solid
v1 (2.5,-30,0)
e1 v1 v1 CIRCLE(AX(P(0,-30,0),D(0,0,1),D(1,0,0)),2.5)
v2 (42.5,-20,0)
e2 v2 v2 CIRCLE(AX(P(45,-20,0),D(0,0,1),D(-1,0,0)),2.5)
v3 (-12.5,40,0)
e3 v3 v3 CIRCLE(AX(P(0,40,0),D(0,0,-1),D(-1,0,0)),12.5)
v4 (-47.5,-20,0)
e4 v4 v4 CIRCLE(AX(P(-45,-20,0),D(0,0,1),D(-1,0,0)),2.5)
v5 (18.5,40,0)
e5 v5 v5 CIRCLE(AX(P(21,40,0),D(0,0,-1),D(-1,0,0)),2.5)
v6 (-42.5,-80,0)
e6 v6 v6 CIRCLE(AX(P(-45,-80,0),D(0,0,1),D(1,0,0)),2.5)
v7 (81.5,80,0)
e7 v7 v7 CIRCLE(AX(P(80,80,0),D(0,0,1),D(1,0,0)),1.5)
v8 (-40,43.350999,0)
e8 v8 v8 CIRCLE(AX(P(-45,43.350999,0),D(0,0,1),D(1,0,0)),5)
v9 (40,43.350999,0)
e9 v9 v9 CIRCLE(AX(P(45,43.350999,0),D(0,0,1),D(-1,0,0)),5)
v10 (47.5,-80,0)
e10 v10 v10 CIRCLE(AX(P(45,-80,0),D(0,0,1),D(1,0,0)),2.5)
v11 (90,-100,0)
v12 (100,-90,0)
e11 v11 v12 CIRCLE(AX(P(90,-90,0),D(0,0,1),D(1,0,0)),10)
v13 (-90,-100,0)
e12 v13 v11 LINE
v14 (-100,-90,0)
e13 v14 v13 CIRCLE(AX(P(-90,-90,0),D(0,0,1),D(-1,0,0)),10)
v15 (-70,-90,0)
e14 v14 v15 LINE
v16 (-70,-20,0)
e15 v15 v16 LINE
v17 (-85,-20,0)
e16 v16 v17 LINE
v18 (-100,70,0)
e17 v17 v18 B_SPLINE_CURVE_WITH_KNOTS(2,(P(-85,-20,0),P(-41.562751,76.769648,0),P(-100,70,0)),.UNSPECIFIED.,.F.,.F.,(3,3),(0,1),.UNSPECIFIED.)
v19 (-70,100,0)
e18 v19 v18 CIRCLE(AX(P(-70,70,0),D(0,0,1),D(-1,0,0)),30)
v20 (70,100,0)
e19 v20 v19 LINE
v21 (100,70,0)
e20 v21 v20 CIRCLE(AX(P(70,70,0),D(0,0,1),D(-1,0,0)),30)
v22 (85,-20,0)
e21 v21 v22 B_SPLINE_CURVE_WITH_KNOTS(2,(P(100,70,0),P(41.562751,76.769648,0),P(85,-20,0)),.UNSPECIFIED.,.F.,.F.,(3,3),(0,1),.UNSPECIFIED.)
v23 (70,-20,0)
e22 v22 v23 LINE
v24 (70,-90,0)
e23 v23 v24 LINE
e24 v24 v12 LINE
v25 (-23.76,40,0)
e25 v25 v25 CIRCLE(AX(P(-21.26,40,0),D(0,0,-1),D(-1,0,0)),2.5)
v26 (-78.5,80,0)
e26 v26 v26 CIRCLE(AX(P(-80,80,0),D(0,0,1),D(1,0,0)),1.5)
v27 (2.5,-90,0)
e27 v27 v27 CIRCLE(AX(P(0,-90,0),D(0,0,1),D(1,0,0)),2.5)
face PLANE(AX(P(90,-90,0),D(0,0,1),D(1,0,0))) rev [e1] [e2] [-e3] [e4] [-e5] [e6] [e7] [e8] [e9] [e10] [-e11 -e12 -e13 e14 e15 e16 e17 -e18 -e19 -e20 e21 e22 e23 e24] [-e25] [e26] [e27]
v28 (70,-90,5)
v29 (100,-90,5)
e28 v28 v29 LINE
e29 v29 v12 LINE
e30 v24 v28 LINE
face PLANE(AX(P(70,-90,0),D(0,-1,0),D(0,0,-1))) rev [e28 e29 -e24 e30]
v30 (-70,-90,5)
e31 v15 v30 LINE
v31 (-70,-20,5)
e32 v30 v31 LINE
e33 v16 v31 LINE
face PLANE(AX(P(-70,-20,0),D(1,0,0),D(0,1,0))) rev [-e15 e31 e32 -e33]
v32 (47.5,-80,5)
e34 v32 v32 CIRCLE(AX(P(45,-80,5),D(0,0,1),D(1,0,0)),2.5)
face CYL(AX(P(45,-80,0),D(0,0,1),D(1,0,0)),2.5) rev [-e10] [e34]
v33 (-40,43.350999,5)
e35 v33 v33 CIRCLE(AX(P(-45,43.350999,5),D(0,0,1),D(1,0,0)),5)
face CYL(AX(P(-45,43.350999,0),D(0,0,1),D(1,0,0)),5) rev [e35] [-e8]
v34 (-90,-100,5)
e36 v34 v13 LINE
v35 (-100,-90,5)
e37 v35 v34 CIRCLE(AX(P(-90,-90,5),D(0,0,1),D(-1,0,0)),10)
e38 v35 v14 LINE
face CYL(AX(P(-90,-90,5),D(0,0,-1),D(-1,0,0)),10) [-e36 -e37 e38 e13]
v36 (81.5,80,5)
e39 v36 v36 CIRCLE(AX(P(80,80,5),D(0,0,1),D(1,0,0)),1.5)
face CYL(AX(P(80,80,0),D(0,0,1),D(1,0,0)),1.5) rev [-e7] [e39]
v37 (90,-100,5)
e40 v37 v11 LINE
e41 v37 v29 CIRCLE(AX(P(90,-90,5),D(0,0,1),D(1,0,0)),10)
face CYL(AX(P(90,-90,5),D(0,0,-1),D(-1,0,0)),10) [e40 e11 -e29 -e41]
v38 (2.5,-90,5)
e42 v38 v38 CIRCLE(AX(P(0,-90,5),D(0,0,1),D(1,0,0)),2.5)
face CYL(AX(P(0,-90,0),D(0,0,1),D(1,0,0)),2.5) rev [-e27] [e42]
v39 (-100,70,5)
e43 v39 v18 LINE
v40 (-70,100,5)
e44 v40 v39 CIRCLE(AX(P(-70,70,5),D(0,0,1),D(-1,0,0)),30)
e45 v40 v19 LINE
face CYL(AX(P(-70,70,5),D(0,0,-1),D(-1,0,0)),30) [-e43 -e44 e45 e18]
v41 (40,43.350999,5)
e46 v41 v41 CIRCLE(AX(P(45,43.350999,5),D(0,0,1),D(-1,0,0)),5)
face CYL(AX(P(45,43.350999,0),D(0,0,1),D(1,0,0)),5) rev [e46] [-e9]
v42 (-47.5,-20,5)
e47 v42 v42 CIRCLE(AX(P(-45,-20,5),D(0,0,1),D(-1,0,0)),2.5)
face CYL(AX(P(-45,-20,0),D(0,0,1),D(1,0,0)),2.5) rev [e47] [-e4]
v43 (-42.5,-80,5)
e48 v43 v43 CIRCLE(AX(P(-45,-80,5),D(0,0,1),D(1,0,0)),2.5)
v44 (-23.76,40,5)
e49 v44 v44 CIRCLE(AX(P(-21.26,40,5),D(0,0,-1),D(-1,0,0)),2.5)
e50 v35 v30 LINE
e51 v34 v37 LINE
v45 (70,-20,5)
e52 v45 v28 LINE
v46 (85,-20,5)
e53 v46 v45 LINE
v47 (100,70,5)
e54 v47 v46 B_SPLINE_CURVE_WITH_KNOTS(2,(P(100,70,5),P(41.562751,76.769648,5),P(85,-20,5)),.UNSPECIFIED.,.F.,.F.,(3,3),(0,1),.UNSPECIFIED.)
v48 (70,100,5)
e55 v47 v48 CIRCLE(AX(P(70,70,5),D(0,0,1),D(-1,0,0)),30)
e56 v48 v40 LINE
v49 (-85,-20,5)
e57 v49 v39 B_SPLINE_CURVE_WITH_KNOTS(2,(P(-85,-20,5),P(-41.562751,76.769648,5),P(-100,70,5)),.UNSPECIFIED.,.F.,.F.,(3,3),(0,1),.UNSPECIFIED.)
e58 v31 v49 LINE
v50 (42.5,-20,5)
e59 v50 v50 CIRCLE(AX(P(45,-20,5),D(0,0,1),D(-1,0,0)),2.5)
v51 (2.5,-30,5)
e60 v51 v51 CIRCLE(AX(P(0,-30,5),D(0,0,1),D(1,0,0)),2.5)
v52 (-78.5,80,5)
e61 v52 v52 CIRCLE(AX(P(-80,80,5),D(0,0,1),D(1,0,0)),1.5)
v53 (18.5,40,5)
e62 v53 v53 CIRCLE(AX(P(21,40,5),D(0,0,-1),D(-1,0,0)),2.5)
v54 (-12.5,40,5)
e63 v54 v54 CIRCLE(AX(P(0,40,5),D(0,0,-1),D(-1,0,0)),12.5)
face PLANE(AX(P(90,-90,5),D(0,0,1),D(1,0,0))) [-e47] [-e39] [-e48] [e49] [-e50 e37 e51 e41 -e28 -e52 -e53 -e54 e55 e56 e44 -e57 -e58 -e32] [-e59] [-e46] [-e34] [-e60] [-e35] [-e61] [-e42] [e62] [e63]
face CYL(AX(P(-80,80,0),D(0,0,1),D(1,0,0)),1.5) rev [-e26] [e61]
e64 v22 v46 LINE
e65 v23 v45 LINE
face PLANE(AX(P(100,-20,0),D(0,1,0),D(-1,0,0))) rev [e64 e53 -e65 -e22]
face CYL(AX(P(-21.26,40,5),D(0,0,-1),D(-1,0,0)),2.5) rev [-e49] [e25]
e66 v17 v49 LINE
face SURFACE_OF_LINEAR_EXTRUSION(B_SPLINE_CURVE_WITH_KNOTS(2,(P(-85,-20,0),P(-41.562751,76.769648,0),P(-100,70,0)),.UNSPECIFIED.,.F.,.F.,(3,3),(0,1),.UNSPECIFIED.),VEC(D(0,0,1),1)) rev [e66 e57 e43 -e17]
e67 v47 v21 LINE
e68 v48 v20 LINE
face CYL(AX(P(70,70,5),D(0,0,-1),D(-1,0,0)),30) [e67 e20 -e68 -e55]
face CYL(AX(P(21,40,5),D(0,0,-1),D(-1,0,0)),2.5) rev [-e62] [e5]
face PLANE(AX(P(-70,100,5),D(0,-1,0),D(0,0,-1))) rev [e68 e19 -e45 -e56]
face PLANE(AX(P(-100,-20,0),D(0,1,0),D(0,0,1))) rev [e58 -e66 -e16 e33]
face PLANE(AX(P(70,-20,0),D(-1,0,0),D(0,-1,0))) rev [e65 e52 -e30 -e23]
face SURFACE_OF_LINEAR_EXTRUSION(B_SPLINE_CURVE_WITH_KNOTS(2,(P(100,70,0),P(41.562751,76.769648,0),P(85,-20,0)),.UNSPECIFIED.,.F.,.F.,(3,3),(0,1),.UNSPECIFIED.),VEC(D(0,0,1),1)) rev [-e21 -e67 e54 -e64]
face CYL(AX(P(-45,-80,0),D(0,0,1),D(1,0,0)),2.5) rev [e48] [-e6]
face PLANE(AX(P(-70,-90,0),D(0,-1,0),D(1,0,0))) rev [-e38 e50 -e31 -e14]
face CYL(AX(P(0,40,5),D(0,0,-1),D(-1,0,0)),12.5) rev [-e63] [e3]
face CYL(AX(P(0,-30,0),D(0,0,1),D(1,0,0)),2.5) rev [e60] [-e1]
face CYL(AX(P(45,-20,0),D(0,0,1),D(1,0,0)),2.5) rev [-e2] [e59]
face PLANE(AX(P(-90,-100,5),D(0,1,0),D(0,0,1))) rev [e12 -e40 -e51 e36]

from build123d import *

# Parameters (mm, degrees)
BOSS_EXTRUDE1_DEPTH = 5
SKETCH2_W           = 30
SKETCH2_H           = 70
CUT_EXTRUDE1_DEPTH  = 5
CUT_EXTRUDE2_DEPTH  = 5
SKETCH5_R           = 2.5
SKETCH5_R_2         = 5
CUT_EXTRUDE3_DEPTH  = 5
SKETCH6_R           = 2.5
CUT_EXTRUDE4_DEPTH  = 5
SKETCH7_R           = 12.5
SKETCH7_R_2         = 2.5
CUT_EXTRUDE5_DEPTH  = 5
SKETCH8_R           = 1.5
CUT_EXTRUDE6_DEPTH  = 5


with BuildPart() as part:
    # Sketch1 → Boss-Extrude1 (new body)
    with BuildSketch(Plane.XY):
        with BuildLine():
            Line((-90, -100), (90, -100))
            ThreePointArc((90, -100), (97.071067812, -97.071067812), (100, -90))
            Line((100, -90), (100, 70))
            ThreePointArc((100, 70), (91.213203436, 91.213203436), (70, 100))
            Line((70, 100), (-70, 100))
            ThreePointArc((-70, 100), (-91.213203436, 91.213203436), (-100, 70))
            Line((-100, 70), (-100, -90))
            ThreePointArc((-100, -90), (-97.071067812, -97.071067812), (-90, -100))
        make_face()
    extrude(amount=BOSS_EXTRUDE1_DEPTH)

    # Sketch2 → Cut-Extrude1 (cut)
    with BuildSketch(Plane.XY.offset(5)):
        with Locations((85, -55)):
            Rectangle(SKETCH2_W, SKETCH2_H)
        with Locations((-85, -55)):
            Rectangle(SKETCH2_W, SKETCH2_H)
    extrude(amount=-CUT_EXTRUDE1_DEPTH, mode=Mode.SUBTRACT)

    # Sketch3 → Cut-Extrude2 (cut)
    with BuildSketch(Plane.XY.offset(5)):
        with BuildLine():
            Line((85, -20), (100, -20))
            Line((100, -20), (100, 70))
            add(Edge.make_bspline(
                [(100, 70), (41.562750789, 76.769648156), (85, -20)],
                knots=[0, 0, 0, 1, 1, 1], degree=2))
        make_face()
        with BuildLine():
            Line((-85, -20), (-100, -20))
            Line((-100, -20), (-100, 70))
            add(Edge.make_bspline(
                [(-100, 70), (-41.562750789, 76.769648156), (-85, -20)],
                knots=[0, 0, 0, 1, 1, 1], degree=2))
        make_face()
    extrude(amount=-CUT_EXTRUDE2_DEPTH, mode=Mode.SUBTRACT)

    # Sketch5 → Cut-Extrude3 (cut)
    with BuildSketch(Plane.XY.offset(5)):
        with Locations((45, -80)):
            Circle(SKETCH5_R)
        with Locations((-45, -80)):
            Circle(SKETCH5_R)
        with Locations(Location((45, -20, 0), (0, 0, 180))):
            Circle(SKETCH5_R)
        with Locations(Location((-45, -20, 0), (0, 0, 180))):
            Circle(SKETCH5_R)
        with Locations((-45, 43.350998567)):
            Circle(SKETCH5_R_2)
        with Locations(Location((45, 43.350998567, 0), (0, 0, 180))):
            Circle(SKETCH5_R_2)
        with Locations((0, -30)):
            Circle(SKETCH5_R)
    extrude(amount=-CUT_EXTRUDE3_DEPTH, mode=Mode.SUBTRACT)

    # Sketch6 → Cut-Extrude4 (cut)
    with BuildSketch(Plane.XY.offset(5)):
        with Locations((0, -90)):
            Circle(SKETCH6_R)
    extrude(amount=-CUT_EXTRUDE4_DEPTH, mode=Mode.SUBTRACT)

    # Sketch7 → Cut-Extrude5 (cut)
    with BuildSketch(Plane(origin=(0, 0, 0), x_dir=(-1, 0, 0), z_dir=(0, 0, -1))):
        with Locations((0, 40)):
            Circle(SKETCH7_R)
        with Locations((-21, 40)):
            Circle(SKETCH7_R_2)
        with Locations((21.26, 40)):
            Circle(SKETCH7_R_2)
    extrude(amount=-CUT_EXTRUDE5_DEPTH, mode=Mode.SUBTRACT)

    # Sketch8 → Cut-Extrude6 (cut)
    with BuildSketch(Plane.XY.offset(5)):
        with Locations((-80, 80)):
            Circle(SKETCH8_R)
        with Locations((80, 80)):
            Circle(SKETCH8_R)
    extrude(amount=-CUT_EXTRUDE6_DEPTH, mode=Mode.SUBTRACT)


solid = part.part
